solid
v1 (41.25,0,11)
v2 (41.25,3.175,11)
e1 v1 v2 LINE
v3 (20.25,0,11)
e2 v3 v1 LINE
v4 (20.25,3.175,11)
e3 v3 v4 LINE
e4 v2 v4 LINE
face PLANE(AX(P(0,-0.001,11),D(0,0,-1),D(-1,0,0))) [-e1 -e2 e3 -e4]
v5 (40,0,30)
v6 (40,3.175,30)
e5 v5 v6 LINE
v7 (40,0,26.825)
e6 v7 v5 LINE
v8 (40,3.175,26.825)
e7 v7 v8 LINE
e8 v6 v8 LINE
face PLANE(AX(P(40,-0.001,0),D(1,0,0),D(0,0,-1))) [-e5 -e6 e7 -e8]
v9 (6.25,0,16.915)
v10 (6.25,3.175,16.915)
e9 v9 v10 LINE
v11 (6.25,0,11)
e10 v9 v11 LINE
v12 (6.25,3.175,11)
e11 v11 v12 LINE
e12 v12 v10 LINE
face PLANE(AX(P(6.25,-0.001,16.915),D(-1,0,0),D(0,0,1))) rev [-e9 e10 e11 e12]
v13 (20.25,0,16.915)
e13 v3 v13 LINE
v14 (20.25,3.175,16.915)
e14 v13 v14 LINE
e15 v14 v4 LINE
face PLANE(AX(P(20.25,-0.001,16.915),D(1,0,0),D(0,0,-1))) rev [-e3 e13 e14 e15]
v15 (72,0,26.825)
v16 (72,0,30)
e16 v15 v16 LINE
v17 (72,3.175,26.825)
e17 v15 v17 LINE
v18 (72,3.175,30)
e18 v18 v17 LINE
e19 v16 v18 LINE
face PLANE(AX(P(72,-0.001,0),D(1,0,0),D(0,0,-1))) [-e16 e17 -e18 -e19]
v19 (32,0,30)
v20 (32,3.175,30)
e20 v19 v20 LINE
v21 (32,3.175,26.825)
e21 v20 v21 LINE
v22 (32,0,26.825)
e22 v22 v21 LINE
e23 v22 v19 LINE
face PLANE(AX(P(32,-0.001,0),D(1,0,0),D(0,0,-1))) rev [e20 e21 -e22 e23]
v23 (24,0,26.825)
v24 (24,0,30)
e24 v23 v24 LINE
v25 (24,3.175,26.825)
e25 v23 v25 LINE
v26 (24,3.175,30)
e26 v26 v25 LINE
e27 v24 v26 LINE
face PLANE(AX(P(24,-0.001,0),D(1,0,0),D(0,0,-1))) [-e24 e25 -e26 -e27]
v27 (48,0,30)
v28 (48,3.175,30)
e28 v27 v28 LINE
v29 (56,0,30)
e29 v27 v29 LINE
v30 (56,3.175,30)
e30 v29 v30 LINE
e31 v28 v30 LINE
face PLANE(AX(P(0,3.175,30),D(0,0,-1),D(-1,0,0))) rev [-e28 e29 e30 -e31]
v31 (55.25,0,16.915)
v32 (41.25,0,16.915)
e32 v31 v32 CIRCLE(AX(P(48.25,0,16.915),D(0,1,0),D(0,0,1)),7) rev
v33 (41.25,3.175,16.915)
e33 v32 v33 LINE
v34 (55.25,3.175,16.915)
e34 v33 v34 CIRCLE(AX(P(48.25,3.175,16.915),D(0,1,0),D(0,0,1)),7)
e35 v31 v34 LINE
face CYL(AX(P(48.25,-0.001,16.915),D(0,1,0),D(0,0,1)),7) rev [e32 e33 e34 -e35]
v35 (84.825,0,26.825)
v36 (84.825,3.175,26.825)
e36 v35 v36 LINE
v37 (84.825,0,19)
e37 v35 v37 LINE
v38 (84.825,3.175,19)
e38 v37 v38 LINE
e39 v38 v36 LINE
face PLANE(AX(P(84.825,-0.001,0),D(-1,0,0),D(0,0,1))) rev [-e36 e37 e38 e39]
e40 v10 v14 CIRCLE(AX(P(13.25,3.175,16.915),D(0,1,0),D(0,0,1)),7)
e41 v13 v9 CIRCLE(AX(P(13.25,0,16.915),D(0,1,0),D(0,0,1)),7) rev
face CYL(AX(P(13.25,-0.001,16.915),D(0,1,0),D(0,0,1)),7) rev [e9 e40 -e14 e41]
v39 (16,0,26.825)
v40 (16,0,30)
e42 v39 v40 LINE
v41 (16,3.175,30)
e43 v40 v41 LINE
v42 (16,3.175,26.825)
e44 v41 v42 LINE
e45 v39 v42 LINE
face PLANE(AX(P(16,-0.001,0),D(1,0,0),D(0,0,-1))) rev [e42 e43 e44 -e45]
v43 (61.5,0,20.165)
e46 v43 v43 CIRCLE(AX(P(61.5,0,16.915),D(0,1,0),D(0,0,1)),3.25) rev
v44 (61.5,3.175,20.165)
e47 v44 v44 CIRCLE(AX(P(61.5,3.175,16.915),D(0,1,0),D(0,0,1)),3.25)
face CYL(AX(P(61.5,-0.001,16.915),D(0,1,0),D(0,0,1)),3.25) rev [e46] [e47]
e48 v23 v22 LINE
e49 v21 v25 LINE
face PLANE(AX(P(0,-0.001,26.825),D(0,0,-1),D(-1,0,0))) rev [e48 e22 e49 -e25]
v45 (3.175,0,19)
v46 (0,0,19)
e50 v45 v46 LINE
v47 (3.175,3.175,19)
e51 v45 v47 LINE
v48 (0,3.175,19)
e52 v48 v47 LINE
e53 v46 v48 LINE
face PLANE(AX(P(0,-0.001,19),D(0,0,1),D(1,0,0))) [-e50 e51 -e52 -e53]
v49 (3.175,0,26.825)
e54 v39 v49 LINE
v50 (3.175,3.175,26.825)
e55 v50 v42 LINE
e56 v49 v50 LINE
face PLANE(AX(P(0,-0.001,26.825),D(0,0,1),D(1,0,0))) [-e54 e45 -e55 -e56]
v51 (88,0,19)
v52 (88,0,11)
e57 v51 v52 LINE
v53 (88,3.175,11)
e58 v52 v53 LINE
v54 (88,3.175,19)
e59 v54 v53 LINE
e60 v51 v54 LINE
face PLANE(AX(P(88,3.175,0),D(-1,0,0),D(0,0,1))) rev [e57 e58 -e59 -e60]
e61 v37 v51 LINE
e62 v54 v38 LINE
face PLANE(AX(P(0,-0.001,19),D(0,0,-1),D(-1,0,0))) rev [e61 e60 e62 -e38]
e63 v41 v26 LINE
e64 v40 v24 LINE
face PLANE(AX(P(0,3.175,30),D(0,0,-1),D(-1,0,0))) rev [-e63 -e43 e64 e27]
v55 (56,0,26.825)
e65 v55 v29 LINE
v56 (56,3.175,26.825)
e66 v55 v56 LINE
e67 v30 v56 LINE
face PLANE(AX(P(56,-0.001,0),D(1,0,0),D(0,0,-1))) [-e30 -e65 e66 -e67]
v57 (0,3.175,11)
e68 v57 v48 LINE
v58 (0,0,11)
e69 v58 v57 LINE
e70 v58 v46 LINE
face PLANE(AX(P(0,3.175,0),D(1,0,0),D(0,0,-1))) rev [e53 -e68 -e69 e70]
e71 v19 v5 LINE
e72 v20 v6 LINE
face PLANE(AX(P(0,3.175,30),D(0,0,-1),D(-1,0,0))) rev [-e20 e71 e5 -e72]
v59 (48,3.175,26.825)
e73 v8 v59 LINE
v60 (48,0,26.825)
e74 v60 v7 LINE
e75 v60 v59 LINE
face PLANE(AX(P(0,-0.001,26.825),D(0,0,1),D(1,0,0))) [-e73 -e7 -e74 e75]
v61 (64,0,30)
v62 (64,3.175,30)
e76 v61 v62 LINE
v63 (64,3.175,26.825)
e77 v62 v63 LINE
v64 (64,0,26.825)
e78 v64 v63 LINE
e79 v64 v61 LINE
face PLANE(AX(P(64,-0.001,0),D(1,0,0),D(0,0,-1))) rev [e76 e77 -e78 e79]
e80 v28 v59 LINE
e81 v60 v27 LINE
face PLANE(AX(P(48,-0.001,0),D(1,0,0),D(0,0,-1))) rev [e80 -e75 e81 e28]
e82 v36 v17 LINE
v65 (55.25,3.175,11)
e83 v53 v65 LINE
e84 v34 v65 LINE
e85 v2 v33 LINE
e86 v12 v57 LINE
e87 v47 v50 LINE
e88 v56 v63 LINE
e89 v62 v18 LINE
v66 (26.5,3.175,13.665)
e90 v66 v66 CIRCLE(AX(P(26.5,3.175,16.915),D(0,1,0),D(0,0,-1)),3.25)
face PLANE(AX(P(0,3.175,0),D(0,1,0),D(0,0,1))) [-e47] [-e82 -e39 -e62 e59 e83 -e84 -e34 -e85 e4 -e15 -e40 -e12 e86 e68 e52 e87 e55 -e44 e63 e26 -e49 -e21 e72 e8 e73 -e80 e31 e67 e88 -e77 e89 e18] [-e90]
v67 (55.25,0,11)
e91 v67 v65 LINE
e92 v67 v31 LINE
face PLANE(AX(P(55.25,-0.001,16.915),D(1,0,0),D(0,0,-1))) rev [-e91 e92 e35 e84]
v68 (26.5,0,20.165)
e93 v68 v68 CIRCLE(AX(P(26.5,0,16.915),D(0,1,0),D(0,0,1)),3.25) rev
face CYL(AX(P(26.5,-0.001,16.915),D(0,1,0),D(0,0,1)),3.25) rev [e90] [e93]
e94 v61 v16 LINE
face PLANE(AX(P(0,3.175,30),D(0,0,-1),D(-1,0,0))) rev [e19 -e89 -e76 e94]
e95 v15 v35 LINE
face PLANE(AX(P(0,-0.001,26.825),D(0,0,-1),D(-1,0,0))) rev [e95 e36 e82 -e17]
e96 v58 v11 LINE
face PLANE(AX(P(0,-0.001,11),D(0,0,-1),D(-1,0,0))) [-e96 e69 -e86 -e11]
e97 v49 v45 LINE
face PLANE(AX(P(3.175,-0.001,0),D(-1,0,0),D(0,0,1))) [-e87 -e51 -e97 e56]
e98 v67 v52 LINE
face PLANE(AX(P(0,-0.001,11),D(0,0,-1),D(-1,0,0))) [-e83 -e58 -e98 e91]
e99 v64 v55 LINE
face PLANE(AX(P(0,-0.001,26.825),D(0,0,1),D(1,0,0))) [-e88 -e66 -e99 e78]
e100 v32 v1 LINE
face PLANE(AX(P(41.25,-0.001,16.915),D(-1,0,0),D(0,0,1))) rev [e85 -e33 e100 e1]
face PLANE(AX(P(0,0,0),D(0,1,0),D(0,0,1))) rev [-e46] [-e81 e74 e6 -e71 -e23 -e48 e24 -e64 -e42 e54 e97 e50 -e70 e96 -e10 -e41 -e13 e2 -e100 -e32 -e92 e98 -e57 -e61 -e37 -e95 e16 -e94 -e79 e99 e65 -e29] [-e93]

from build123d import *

# Parameters (mm, degrees)
SKETCH3_W           = 88
SKETCH3_H           = 30
BOSS_EXTRUDE1_DEPTH = 3.175
CUT_EXTRUDE1_REACH  = 5.175
SKETCH4_W           = 3.175
SKETCH4_H           = 7.825
SKETCH4_W_2         = 8
SKETCH4_H_2         = 3.175
SKETCH4_H_3         = 11
CUT_EXTRUDE2_REACH  = 5.175
SKETCH5_R           = 3.25
CUT_EXTRUDE3_REACH  = 5.175
SKETCH6_W           = 81.65
SKETCH6_H           = 11
CUT_EXTRUDE4_REACH  = 5.175


with BuildPart() as part:
    # Sketch3 → Boss-Extrude1 (new body)
    with BuildSketch(Plane(origin=(0, 0, 0), x_dir=(1, 0, 0), z_dir=(0, 1, 0))):
        with Locations((44, -15)):
            Rectangle(SKETCH3_W, SKETCH3_H)
    extrude(amount=BOSS_EXTRUDE1_DEPTH)

    # Sketch4 → Cut-Extrude1 (cut, up to next)
    with BuildSketch(Plane(origin=(0, 3.175, 0), x_dir=(1, 0, 0), z_dir=(0, 1, 0)), mode=Mode.PRIVATE) as cut_extrude1_sk1:
        with Locations((1.5875, -22.9125)):
            Rectangle(SKETCH4_W, SKETCH4_H)
    cut_extrude1_tool1 = extrude(cut_extrude1_sk1.sketch, amount=-CUT_EXTRUDE1_REACH, mode=Mode.PRIVATE) & part.part
    add(cut_extrude1_tool1.solids().sort_by_distance((1.5875, 3.175, 22.9125))[0], mode=Mode.SUBTRACT)
    # Sketch4 → Cut-Extrude1 (cut, up to next)
    with BuildSketch(Plane(origin=(0, 3.175, 0), x_dir=(1, 0, 0), z_dir=(0, 1, 0)), mode=Mode.PRIVATE) as cut_extrude1_sk2:
        Polygon((0, -30), (16, -30), (16, -26.825), (3.175, -26.825), (0, -26.825), align=None)
    cut_extrude1_tool2 = extrude(cut_extrude1_sk2.sketch, amount=-CUT_EXTRUDE1_REACH, mode=Mode.PRIVATE) & part.part
    add(cut_extrude1_tool2.solids().sort_by_distance((8, 3.175, 28.4125))[0], mode=Mode.SUBTRACT)
    # Sketch4 → Cut-Extrude1 (cut, up to next)
    with BuildSketch(Plane(origin=(0, 3.175, 0), x_dir=(1, 0, 0), z_dir=(0, 1, 0)), mode=Mode.PRIVATE) as cut_extrude1_sk3:
        with Locations((28, -28.4125)):
            Rectangle(SKETCH4_W_2, SKETCH4_H_2)
    cut_extrude1_tool3 = extrude(cut_extrude1_sk3.sketch, amount=-CUT_EXTRUDE1_REACH, mode=Mode.PRIVATE) & part.part
    add(cut_extrude1_tool3.solids().sort_by_distance((28, 3.175, 28.4125))[0], mode=Mode.SUBTRACT)
    # Sketch4 → Cut-Extrude1 (cut, up to next)
    with BuildSketch(Plane(origin=(0, 3.175, 0), x_dir=(1, 0, 0), z_dir=(0, 1, 0)), mode=Mode.PRIVATE) as cut_extrude1_sk4:
        with Locations((44, -28.4125)):
            Rectangle(SKETCH4_W_2, SKETCH4_H_2)
    cut_extrude1_tool4 = extrude(cut_extrude1_sk4.sketch, amount=-CUT_EXTRUDE1_REACH, mode=Mode.PRIVATE) & part.part
    add(cut_extrude1_tool4.solids().sort_by_distance((44, 3.175, 28.4125))[0], mode=Mode.SUBTRACT)
    # Sketch4 → Cut-Extrude1 (cut, up to next)
    with BuildSketch(Plane(origin=(0, 3.175, 0), x_dir=(1, 0, 0), z_dir=(0, 1, 0)), mode=Mode.PRIVATE) as cut_extrude1_sk5:
        with Locations((60, -28.4125)):
            Rectangle(SKETCH4_W_2, SKETCH4_H_2)
    cut_extrude1_tool5 = extrude(cut_extrude1_sk5.sketch, amount=-CUT_EXTRUDE1_REACH, mode=Mode.PRIVATE) & part.part
    add(cut_extrude1_tool5.solids().sort_by_distance((60, 3.175, 28.4125))[0], mode=Mode.SUBTRACT)
    # Sketch4 → Cut-Extrude1 (cut, up to next)
    with BuildSketch(Plane(origin=(0, 3.175, 0), x_dir=(1, 0, 0), z_dir=(0, 1, 0)), mode=Mode.PRIVATE) as cut_extrude1_sk6:
        with Locations((86.4125, -22.9125)):
            Rectangle(SKETCH4_W, SKETCH4_H)
    cut_extrude1_tool6 = extrude(cut_extrude1_sk6.sketch, amount=-CUT_EXTRUDE1_REACH, mode=Mode.PRIVATE) & part.part
    add(cut_extrude1_tool6.solids().sort_by_distance((86.4125, 3.175, 22.9125))[0], mode=Mode.SUBTRACT)
    # Sketch4 → Cut-Extrude1 (cut, up to next)
    with BuildSketch(Plane(origin=(0, 3.175, 0), x_dir=(1, 0, 0), z_dir=(0, 1, 0)), mode=Mode.PRIVATE) as cut_extrude1_sk7:
        with Locations((86.4125, -5.5)):
            Rectangle(SKETCH4_W, SKETCH4_H_3)
    cut_extrude1_tool7 = extrude(cut_extrude1_sk7.sketch, amount=-CUT_EXTRUDE1_REACH, mode=Mode.PRIVATE) & part.part
    add(cut_extrude1_tool7.solids().sort_by_distance((86.4125, 3.175, 5.5))[0], mode=Mode.SUBTRACT)
    # Sketch4 → Cut-Extrude1 (cut, up to next)
    with BuildSketch(Plane(origin=(0, 3.175, 0), x_dir=(1, 0, 0), z_dir=(0, 1, 0)), mode=Mode.PRIVATE) as cut_extrude1_sk8:
        Polygon((72, -26.825), (72, -30), (88, -30), (88, -26.825), (84.825, -26.825), align=None)
    cut_extrude1_tool8 = extrude(cut_extrude1_sk8.sketch, amount=-CUT_EXTRUDE1_REACH, mode=Mode.PRIVATE) & part.part
    add(cut_extrude1_tool8.solids().sort_by_distance((80, 3.175, 28.4125))[0], mode=Mode.SUBTRACT)
    # Sketch4 → Cut-Extrude1 (cut, up to next)
    with BuildSketch(Plane(origin=(0, 3.175, 0), x_dir=(1, 0, 0), z_dir=(0, 1, 0)), mode=Mode.PRIVATE) as cut_extrude1_sk9:
        with Locations((1.5875, -5.5)):
            Rectangle(SKETCH4_W, SKETCH4_H_3)
    cut_extrude1_tool9 = extrude(cut_extrude1_sk9.sketch, amount=-CUT_EXTRUDE1_REACH, mode=Mode.PRIVATE) & part.part
    add(cut_extrude1_tool9.solids().sort_by_distance((1.5875, 3.175, 5.5))[0], mode=Mode.SUBTRACT)

    # Sketch5 → Cut-Extrude2 (cut, up to next)
    with BuildSketch(Plane(origin=(0, 3.175, 0), x_dir=(1, 0, 0), z_dir=(0, 1, 0)), mode=Mode.PRIVATE) as cut_extrude2_sk1:
        with Locations((61.5, -16.915)):
            Circle(SKETCH5_R)
    cut_extrude2_tool1 = extrude(cut_extrude2_sk1.sketch, amount=-CUT_EXTRUDE2_REACH, mode=Mode.PRIVATE) & part.part
    add(cut_extrude2_tool1.solids().sort_by_distance((61.5, 3.175, 16.915))[0], mode=Mode.SUBTRACT)
    # Sketch5 → Cut-Extrude2 (cut, up to next)
    with BuildSketch(Plane(origin=(0, 3.175, 0), x_dir=(1, 0, 0), z_dir=(0, 1, 0)), mode=Mode.PRIVATE) as cut_extrude2_sk2:
        with Locations((26.5, -16.915)):
            Circle(SKETCH5_R)
    cut_extrude2_tool2 = extrude(cut_extrude2_sk2.sketch, amount=-CUT_EXTRUDE2_REACH, mode=Mode.PRIVATE) & part.part
    add(cut_extrude2_tool2.solids().sort_by_distance((26.5, 3.175, 16.915))[0], mode=Mode.SUBTRACT)

    # Sketch6 → Cut-Extrude3 (cut, up to next)
    with BuildSketch(Plane(origin=(0, 3.175, 0), x_dir=(1, 0, 0), z_dir=(0, 1, 0)), mode=Mode.PRIVATE) as cut_extrude3_sk1:
        with Locations((44, -5.5)):
            Rectangle(SKETCH6_W, SKETCH6_H)
    cut_extrude3_tool1 = extrude(cut_extrude3_sk1.sketch, amount=-CUT_EXTRUDE3_REACH, mode=Mode.PRIVATE) & part.part
    add(cut_extrude3_tool1.solids().sort_by_distance((44, 3.175, 5.5))[0], mode=Mode.SUBTRACT)

    # Sketch7 → Cut-Extrude4 (cut, up to next)
    with BuildSketch(Plane(origin=(0, 3.175, 0), x_dir=(1, 0, 0), z_dir=(0, 1, 0)), mode=Mode.PRIVATE) as cut_extrude4_sk1:
        with BuildLine():
            Line((6.25, -16.915), (6.25, -11))
            Line((6.25, -11), (20.25, -11))
            Line((20.25, -11), (20.25, -16.915))
            ThreePointArc((20.25, -16.915), (13.25, -23.915), (6.25, -16.915))
        make_face()
    cut_extrude4_tool1 = extrude(cut_extrude4_sk1.sketch, amount=-CUT_EXTRUDE4_REACH, mode=Mode.PRIVATE) & part.part
    add(cut_extrude4_tool1.solids().sort_by_distance((13.25, 3.175, 16.813335))[0], mode=Mode.SUBTRACT)
    # Sketch7 → Cut-Extrude4 (cut, up to next)
    with BuildSketch(Plane(origin=(0, 3.175, 0), x_dir=(1, 0, 0), z_dir=(0, 1, 0)), mode=Mode.PRIVATE) as cut_extrude4_sk2:
        with BuildLine():
            Line((41.25, -16.915), (41.25, -11))
            Line((41.25, -11), (55.25, -11))
            Line((55.25, -11), (55.25, -16.915))
            ThreePointArc((55.25, -16.915), (48.25, -23.915), (41.25, -16.915))
        make_face()
    cut_extrude4_tool2 = extrude(cut_extrude4_sk2.sketch, amount=-CUT_EXTRUDE4_REACH, mode=Mode.PRIVATE) & part.part
    add(cut_extrude4_tool2.solids().sort_by_distance((48.25, 3.175, 16.813335))[0], mode=Mode.SUBTRACT)


solid = part.part
